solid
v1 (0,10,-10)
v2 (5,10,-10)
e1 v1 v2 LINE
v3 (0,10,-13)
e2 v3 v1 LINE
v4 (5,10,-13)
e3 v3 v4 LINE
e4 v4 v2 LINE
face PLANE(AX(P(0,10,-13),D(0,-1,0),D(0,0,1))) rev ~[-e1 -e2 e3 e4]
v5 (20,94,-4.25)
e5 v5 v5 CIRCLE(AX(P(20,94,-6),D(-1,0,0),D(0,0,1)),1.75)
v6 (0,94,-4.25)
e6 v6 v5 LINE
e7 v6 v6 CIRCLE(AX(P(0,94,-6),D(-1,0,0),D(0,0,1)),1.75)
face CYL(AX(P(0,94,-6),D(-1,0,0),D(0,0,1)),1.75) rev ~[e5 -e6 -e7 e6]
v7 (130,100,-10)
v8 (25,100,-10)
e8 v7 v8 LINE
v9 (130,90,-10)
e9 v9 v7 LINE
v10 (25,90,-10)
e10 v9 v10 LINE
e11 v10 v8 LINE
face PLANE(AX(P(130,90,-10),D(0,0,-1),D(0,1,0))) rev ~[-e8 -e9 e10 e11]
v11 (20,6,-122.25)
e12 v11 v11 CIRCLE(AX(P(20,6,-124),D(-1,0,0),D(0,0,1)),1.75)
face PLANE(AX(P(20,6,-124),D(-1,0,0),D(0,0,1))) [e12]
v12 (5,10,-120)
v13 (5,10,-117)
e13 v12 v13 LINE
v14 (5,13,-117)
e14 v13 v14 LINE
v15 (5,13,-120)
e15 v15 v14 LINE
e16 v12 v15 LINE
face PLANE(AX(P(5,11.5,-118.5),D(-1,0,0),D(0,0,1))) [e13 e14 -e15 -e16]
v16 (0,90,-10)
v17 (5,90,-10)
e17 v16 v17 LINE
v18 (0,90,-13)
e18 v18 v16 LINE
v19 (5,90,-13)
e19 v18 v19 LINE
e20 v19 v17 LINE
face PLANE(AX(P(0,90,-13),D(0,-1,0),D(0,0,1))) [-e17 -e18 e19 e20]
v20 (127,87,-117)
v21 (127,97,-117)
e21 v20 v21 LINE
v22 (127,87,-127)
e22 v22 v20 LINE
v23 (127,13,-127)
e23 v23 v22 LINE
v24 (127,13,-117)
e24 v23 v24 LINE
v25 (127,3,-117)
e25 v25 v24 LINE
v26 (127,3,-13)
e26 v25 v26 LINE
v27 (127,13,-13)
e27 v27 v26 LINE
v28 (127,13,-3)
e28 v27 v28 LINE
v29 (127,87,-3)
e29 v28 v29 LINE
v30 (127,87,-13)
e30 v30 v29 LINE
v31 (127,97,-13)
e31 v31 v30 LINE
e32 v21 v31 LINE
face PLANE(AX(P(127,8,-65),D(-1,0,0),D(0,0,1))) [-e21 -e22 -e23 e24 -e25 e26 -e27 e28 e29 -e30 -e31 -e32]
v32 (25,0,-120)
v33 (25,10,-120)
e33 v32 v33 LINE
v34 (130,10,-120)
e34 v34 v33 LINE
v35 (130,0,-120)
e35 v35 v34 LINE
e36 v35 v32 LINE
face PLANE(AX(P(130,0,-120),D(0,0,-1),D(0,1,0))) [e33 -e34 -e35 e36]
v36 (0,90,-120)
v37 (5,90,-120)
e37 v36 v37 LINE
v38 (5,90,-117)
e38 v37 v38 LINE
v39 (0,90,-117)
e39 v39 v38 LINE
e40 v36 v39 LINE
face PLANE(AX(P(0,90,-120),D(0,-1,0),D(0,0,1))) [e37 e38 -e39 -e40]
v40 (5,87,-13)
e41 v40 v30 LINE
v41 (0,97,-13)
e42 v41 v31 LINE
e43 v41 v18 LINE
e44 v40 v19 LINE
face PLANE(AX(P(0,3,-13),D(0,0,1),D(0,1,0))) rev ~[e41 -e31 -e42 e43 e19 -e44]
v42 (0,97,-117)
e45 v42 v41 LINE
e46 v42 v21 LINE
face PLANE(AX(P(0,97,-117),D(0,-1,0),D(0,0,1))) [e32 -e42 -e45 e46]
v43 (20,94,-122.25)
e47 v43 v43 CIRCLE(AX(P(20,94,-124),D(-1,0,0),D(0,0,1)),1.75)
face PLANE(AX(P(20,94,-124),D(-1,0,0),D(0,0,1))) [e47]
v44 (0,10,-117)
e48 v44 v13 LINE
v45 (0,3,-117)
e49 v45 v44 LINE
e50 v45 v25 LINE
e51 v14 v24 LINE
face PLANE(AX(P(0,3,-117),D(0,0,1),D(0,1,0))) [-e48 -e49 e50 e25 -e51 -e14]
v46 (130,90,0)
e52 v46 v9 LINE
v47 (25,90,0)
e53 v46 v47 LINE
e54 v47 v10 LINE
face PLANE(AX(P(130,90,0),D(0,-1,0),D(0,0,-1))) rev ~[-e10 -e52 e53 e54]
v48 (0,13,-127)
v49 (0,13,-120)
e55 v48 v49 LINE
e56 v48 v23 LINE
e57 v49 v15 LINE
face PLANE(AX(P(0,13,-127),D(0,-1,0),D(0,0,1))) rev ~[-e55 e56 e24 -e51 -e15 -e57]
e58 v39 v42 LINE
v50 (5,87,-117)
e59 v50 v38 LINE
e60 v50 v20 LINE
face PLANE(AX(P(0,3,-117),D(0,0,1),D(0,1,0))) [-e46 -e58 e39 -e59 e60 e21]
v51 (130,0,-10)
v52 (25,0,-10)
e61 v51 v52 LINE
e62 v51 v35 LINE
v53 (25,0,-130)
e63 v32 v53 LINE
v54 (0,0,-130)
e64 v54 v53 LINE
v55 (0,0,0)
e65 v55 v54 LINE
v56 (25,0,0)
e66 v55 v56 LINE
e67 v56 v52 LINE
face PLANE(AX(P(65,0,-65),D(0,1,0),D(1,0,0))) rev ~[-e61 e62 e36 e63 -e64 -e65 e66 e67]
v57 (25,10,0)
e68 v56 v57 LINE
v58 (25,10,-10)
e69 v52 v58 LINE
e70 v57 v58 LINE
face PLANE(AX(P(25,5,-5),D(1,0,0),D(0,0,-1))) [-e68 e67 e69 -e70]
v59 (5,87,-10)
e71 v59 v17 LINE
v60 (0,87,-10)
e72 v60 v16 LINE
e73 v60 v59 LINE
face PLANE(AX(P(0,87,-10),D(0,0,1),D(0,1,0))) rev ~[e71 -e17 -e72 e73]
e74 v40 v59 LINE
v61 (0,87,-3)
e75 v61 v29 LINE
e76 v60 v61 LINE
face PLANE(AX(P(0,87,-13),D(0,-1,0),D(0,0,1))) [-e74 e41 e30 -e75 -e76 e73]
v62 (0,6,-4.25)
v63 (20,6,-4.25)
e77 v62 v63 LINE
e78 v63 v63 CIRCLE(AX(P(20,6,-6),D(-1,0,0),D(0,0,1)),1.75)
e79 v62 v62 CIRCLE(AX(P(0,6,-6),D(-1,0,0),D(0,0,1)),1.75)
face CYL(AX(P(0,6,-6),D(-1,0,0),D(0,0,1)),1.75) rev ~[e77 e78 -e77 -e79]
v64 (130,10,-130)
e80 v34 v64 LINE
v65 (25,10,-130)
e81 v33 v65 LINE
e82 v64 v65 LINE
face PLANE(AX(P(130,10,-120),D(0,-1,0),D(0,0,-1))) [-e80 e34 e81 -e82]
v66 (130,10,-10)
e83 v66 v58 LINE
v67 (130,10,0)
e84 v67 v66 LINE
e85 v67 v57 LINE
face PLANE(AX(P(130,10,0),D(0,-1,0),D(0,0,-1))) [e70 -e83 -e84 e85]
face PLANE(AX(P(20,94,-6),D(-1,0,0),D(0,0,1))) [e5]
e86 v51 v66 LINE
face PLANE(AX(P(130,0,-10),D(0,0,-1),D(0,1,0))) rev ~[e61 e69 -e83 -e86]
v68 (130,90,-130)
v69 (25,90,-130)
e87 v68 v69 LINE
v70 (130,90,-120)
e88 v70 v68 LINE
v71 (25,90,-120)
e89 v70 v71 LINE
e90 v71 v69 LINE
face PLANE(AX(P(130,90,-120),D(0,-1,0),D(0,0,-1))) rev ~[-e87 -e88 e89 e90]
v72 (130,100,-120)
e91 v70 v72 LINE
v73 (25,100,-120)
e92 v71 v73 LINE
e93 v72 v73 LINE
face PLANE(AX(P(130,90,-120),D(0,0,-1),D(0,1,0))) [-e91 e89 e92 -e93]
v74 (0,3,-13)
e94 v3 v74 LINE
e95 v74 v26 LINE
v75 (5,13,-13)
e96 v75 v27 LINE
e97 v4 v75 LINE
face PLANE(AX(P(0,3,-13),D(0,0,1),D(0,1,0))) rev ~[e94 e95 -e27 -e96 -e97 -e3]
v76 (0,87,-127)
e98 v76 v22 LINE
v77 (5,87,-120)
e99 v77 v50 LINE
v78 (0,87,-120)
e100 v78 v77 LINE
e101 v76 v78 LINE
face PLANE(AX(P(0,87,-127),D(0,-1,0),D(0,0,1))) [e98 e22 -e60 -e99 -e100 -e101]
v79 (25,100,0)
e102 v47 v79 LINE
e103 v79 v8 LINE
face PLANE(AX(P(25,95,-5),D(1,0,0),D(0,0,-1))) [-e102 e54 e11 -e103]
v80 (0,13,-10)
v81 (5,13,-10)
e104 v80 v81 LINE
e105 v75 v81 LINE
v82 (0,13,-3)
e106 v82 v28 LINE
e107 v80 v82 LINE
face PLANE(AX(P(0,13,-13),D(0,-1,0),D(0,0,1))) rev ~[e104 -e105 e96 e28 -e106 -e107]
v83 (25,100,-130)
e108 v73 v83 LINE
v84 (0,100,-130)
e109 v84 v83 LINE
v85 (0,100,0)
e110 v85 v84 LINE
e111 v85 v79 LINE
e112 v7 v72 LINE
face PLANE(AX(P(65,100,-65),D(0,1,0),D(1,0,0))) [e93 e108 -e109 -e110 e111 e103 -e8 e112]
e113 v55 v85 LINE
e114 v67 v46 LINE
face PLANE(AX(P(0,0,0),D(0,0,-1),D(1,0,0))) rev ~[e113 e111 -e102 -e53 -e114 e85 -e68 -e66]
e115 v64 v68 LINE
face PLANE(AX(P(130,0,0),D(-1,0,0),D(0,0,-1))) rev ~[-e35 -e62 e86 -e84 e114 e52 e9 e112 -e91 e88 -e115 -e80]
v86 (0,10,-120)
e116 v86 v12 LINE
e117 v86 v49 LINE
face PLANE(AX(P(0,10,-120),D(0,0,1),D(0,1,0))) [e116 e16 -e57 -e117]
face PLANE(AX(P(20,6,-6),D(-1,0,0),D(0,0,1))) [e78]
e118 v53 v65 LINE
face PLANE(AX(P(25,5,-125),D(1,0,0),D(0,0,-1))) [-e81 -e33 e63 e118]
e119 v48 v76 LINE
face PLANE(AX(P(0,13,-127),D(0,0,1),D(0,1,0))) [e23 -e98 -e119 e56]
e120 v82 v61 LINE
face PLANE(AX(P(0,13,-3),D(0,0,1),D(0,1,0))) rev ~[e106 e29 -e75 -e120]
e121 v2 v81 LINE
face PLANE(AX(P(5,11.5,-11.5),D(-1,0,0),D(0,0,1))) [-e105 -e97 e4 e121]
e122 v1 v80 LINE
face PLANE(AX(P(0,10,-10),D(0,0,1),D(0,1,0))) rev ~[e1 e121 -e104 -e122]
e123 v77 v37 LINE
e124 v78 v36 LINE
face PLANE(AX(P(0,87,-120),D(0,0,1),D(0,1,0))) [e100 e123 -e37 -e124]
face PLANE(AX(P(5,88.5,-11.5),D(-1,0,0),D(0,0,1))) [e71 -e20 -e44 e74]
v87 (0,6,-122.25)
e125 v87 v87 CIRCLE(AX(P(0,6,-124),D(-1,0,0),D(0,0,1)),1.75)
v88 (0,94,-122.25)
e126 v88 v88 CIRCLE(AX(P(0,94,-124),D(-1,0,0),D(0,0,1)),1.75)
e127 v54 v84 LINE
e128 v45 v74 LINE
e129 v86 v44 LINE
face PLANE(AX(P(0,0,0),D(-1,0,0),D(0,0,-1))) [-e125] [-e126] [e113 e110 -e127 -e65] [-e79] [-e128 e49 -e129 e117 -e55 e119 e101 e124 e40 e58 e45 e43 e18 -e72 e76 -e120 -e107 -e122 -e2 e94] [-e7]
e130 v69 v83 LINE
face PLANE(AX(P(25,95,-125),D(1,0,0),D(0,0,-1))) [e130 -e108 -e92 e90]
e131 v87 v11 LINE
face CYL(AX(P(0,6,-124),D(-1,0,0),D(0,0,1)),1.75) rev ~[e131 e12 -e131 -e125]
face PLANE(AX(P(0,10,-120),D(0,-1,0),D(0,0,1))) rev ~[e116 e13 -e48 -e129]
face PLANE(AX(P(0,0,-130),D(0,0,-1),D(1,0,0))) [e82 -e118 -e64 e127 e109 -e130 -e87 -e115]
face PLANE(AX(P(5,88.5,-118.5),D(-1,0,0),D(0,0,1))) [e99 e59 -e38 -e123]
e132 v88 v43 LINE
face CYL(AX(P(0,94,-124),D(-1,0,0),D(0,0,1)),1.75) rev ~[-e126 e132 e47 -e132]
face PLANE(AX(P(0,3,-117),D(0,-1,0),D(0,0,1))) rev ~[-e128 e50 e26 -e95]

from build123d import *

# Parameters (mm, degrees)
SKETCH2_W           = 130
SKETCH2_H           = 130
BOSS_EXTRUDE1_DEPTH = 100
SKETCH3_W           = 104
SKETCH3_H           = 74
CUT_EXTRUDE1_DEPTH  = 127
SKETCH4_W           = 10
SKETCH4_H           = 10
CUT_EXTRUDE3_DEPTH  = 105
SKETCH5_W           = 104
SKETCH5_H           = 10
CUT_EXTRUDE4_DEPTH  = 127
SKETCH6_W           = 10
SKETCH6_H           = 74
CUT_EXTRUDE5_DEPTH  = 127
SKETCH7_R           = 1.75
CUT_EXTRUDE6_DEPTH  = 20
SKETCH8_W           = 3
SKETCH8_H           = 3
CUT_EXTRUDE7_DEPTH  = 5


with BuildPart() as part:
    # Sketch2 → Boss-Extrude1 (new body)
    with BuildSketch(Plane(origin=(0, 0, 0), x_dir=(1, 0, 0), z_dir=(0, 1, 0))):
        with Locations((65, 65)):
            Rectangle(SKETCH2_W, SKETCH2_H)
    extrude(amount=BOSS_EXTRUDE1_DEPTH)

    # Sketch3 → Cut-Extrude1 (cut)
    with BuildSketch(Plane.ZY):
        with Locations((-65, 50)):
            Rectangle(SKETCH3_W, SKETCH3_H)
    extrude(amount=-CUT_EXTRUDE1_DEPTH, mode=Mode.SUBTRACT)

    # Sketch4 → Cut-Extrude3 (cut)
    with BuildSketch(Plane(origin=(130, 0, 0), x_dir=(0, 0, -1), z_dir=(1, 0, 0))):
        with Locations((5, 95)):
            Rectangle(SKETCH4_W, SKETCH4_H)
        with Locations((125, 95)):
            Rectangle(SKETCH4_W, SKETCH4_H)
        with Locations((5, 5)):
            Rectangle(SKETCH4_W, SKETCH4_H)
        with Locations((125, 5)):
            Rectangle(SKETCH4_W, SKETCH4_H)
    extrude(amount=-CUT_EXTRUDE3_DEPTH, mode=Mode.SUBTRACT)

    # Sketch5 → Cut-Extrude4 (cut)
    with BuildSketch(Plane.ZY):
        with Locations((-65, 92)):
            Rectangle(SKETCH5_W, SKETCH5_H)
        with Locations((-65, 8)):
            Rectangle(SKETCH5_W, SKETCH5_H)
    extrude(amount=-CUT_EXTRUDE4_DEPTH, mode=Mode.SUBTRACT)

    # Sketch6 → Cut-Extrude5 (cut)
    with BuildSketch(Plane.ZY):
        with Locations((-122, 50)):
            Rectangle(SKETCH6_W, SKETCH6_H)
        with Locations((-8, 50)):
            Rectangle(SKETCH6_W, SKETCH6_H)
    extrude(amount=-CUT_EXTRUDE5_DEPTH, mode=Mode.SUBTRACT)

    # Sketch7 → Cut-Extrude6 (cut)
    with BuildSketch(Plane.ZY):
        with Locations((-124, 94)):
            Circle(SKETCH7_R)
        with Locations((-6, 94)):
            Circle(SKETCH7_R)
        with Locations((-124, 6)):
            Circle(SKETCH7_R)
        with Locations((-6, 6)):
            Circle(SKETCH7_R)
    extrude(amount=-CUT_EXTRUDE6_DEPTH, mode=Mode.SUBTRACT)

    # Sketch8 → Cut-Extrude7 (cut)
    with BuildSketch(Plane.ZY):
        with Locations((-118.5, 88.5)):
            Rectangle(SKETCH8_W, SKETCH8_H)
        with Locations((-11.5, 88.5)):
            Rectangle(SKETCH8_W, SKETCH8_H)
        with Locations((-118.5, 11.5)):
            Rectangle(SKETCH8_W, SKETCH8_H)
        with Locations((-11.5, 11.5)):
            Rectangle(SKETCH8_W, SKETCH8_H)
    extrude(amount=-CUT_EXTRUDE7_DEPTH, mode=Mode.SUBTRACT)


solid = part.part
